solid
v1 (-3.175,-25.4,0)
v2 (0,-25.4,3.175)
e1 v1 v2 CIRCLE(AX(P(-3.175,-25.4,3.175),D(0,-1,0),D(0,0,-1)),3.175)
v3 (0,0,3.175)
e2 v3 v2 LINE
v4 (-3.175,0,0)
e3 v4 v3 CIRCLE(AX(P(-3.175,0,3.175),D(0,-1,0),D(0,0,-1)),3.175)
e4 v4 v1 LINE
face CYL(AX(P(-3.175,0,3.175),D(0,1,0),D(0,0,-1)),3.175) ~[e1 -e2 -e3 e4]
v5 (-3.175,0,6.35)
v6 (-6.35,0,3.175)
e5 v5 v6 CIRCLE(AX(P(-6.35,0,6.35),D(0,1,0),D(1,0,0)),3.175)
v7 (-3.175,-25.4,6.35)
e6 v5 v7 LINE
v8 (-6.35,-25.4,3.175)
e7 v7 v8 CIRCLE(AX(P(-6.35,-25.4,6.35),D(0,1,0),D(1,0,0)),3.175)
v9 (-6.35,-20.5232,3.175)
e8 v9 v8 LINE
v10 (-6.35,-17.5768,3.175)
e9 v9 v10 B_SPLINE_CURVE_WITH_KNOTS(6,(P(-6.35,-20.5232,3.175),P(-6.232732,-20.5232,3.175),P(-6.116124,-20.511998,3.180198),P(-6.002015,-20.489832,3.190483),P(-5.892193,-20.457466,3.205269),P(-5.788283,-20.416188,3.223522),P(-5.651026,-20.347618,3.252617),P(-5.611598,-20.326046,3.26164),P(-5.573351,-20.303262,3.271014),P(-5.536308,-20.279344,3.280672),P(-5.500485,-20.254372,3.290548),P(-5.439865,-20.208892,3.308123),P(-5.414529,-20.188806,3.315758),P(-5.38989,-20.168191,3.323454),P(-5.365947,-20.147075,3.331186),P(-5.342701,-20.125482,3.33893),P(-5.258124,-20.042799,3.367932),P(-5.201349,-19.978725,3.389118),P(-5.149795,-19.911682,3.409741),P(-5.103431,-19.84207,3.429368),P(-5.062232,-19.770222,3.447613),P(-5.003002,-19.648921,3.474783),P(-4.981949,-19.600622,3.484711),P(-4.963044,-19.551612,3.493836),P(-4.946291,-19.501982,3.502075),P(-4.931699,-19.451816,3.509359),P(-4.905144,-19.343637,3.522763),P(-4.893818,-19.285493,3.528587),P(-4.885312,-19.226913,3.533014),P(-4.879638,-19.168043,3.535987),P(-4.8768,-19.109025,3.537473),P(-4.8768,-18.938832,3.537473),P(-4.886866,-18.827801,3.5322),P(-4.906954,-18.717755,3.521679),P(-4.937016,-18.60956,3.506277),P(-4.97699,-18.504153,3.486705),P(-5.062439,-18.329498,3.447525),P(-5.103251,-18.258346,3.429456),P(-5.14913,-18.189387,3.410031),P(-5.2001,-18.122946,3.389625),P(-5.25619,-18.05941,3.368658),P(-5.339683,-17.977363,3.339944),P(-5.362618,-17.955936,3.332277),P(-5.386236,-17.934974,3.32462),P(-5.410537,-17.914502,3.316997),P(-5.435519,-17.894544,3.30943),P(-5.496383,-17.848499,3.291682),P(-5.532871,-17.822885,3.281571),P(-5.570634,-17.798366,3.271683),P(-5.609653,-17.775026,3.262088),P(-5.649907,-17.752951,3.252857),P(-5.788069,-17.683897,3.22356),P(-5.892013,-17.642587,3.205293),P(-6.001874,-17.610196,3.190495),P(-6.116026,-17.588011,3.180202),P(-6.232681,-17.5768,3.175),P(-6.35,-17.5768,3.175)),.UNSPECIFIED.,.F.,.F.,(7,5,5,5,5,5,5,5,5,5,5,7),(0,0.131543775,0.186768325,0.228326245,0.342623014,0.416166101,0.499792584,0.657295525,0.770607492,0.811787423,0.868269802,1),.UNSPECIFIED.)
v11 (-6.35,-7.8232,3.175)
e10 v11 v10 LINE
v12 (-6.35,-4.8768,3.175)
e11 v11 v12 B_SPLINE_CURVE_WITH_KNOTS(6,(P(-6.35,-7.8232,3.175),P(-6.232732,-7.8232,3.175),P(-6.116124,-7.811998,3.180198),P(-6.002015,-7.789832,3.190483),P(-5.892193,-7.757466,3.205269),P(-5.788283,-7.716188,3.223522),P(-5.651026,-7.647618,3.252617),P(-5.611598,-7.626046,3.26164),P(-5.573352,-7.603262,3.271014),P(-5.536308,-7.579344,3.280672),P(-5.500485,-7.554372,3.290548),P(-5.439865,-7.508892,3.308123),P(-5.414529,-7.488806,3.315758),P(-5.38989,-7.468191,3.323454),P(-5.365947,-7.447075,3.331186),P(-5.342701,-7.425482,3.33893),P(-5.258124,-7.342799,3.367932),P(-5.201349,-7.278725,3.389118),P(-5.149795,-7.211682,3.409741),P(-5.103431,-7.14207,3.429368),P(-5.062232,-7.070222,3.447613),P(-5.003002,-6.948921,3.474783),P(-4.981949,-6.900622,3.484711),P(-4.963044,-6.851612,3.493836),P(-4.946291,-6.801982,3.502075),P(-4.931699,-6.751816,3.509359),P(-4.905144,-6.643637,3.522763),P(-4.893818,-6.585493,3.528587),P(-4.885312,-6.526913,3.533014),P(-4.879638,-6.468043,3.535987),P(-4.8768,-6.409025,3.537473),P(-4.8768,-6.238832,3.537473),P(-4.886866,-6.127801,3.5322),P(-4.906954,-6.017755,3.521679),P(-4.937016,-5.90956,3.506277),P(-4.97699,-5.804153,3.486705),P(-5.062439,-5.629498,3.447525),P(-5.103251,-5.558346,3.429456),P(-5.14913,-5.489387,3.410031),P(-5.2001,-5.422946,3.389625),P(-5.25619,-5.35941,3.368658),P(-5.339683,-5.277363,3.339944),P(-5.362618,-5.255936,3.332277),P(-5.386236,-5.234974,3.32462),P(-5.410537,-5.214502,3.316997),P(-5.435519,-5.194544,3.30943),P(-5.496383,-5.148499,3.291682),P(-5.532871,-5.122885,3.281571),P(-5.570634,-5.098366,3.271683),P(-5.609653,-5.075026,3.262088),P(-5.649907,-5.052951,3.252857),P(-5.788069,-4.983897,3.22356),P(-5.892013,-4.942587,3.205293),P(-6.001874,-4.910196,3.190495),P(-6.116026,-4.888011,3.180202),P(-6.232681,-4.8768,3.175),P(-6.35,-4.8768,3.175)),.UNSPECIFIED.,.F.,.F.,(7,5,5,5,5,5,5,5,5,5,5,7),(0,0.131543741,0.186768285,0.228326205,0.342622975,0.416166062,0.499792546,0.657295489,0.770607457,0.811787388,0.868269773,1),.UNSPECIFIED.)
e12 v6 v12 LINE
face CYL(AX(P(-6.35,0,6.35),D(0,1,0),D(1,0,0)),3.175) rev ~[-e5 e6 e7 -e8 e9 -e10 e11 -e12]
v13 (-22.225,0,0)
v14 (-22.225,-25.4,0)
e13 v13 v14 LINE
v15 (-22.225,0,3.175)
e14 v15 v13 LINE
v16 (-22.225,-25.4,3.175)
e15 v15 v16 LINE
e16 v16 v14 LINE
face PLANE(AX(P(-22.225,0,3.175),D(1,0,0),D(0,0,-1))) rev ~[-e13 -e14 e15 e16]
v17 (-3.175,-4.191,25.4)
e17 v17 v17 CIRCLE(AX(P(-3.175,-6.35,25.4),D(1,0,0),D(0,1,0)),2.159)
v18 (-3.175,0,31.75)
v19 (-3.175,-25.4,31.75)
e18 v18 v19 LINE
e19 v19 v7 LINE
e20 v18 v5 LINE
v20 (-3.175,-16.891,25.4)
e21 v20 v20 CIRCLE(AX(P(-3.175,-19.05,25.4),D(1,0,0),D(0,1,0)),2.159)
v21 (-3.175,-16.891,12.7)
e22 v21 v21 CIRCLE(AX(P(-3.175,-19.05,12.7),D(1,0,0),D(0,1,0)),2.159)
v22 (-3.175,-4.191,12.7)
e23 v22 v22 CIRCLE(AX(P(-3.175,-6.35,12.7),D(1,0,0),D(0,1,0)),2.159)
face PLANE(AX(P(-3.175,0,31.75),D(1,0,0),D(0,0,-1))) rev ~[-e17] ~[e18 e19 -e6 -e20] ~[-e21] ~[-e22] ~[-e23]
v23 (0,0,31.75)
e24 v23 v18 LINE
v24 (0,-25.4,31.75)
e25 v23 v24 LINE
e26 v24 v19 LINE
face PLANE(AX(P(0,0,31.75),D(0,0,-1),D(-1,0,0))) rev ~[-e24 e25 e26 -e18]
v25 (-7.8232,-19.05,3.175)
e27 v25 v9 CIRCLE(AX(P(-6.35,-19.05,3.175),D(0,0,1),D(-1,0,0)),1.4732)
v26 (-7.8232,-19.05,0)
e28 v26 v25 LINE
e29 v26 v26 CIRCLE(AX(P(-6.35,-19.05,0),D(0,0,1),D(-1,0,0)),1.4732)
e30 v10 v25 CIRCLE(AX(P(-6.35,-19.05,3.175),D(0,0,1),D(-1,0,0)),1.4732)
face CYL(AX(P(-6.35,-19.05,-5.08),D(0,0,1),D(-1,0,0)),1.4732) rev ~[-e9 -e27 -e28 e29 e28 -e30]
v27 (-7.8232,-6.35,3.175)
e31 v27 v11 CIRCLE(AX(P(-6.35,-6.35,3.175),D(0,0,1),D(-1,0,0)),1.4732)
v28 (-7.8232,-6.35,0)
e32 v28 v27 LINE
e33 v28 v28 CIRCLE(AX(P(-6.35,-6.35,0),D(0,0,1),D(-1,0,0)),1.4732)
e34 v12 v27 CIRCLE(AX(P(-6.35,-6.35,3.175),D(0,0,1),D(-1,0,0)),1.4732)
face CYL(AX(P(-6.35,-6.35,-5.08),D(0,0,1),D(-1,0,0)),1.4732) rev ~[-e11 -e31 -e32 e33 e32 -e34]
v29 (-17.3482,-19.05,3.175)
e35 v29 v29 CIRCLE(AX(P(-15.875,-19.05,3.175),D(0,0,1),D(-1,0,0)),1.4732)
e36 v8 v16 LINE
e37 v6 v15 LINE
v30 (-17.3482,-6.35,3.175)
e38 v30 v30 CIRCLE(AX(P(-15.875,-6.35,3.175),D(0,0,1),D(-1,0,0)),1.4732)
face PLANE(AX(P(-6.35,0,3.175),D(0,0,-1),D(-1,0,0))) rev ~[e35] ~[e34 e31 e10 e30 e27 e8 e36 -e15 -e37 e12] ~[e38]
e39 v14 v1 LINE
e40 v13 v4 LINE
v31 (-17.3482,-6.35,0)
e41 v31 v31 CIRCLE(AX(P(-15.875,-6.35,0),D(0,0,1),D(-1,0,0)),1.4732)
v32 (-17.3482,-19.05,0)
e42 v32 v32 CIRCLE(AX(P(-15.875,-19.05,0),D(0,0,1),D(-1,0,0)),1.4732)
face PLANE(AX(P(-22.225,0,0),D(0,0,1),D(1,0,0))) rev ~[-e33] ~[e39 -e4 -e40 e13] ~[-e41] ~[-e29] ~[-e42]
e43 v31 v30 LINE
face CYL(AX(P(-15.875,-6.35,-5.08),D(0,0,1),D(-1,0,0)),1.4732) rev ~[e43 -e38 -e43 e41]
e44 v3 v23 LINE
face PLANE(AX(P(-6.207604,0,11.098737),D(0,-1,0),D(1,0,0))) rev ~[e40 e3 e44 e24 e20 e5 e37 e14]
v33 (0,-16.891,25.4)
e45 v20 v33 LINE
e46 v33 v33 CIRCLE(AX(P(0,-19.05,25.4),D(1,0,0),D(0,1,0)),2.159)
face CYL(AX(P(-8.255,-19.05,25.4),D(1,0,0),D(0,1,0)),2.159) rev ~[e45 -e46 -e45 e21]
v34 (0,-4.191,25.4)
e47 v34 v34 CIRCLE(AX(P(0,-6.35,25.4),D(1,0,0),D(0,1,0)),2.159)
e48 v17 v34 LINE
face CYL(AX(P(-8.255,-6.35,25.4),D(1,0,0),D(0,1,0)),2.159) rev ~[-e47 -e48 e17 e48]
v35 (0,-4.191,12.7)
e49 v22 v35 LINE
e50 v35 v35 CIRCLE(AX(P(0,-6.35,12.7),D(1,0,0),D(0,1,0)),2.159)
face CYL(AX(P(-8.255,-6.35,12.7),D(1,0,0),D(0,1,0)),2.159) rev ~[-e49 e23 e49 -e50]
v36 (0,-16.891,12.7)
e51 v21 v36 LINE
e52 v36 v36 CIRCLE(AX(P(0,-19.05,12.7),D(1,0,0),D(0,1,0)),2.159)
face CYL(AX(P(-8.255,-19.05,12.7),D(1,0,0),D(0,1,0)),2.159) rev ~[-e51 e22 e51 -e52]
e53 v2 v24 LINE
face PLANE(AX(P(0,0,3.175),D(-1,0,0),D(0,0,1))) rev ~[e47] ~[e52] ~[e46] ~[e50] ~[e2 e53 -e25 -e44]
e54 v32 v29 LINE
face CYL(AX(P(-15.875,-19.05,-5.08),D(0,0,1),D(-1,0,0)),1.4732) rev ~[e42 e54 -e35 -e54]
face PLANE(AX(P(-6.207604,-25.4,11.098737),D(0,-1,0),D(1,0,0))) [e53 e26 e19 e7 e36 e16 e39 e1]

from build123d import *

# Parameters (mm, degrees)
F1_DEPTH = 25.4
F3_D     = 4.318
F3_DEPTH = 5.08
F3_TIP   = 1.2972580765
F5_D     = 2.9464
F5_DEPTH = 5.08
F5_TIP   = 0.885187864


with BuildPart() as f1:
    # F0 (on Front) → F1 (new body)
    with BuildSketch(Plane.XZ):
        with BuildLine():
            ThreePointArc((-3.175, 0), (-0.9299359697, 0.9299359697), (0, 3.175))
            Line((0, 3.175), (0, 31.75))
            Line((0, 31.75), (-3.175, 31.75))
            Line((-3.175, 31.75), (-3.175, 6.35))
            ThreePointArc((-3.175, 6.35), (-4.1049359697, 4.1049359697), (-6.35, 3.175))
            Line((-6.35, 3.175), (-22.225, 3.175))
            Line((-22.225, 3.175), (-22.225, 0))
            Line((-22.225, 0), (-3.175, 0))
        make_face()
    extrude(amount=F1_DEPTH)

    # F3
    with Locations(Plane(origin=(-3.175, 0, 0), x_dir=(0, -1, 0), z_dir=(-1, 0, 0))):
        with Locations((6.35, 12.7), (6.35, 25.4), (19.05, 25.4), (19.05, 12.7)):
            Hole(F3_D / 2, depth=F3_DEPTH)
            with Locations((0, 0, -(F3_DEPTH + F3_TIP / 2))):  # 118° drill point
                Cone(0, F3_D / 2, F3_TIP, mode=Mode.SUBTRACT)

    # F5
    with Locations(Plane(origin=(0, 0, 0), x_dir=(1, 0, 0), z_dir=(0, 0, -1))):
        with Locations((-6.35, 6.35), (-6.35, 19.05), (-15.875, 19.05), (-15.875, 6.35)):
            Hole(F5_D / 2, depth=F5_DEPTH)
            with Locations((0, 0, -(F5_DEPTH + F5_TIP / 2))):  # 118° drill point
                Cone(0, F5_D / 2, F5_TIP, mode=Mode.SUBTRACT)


solid = f1.part
